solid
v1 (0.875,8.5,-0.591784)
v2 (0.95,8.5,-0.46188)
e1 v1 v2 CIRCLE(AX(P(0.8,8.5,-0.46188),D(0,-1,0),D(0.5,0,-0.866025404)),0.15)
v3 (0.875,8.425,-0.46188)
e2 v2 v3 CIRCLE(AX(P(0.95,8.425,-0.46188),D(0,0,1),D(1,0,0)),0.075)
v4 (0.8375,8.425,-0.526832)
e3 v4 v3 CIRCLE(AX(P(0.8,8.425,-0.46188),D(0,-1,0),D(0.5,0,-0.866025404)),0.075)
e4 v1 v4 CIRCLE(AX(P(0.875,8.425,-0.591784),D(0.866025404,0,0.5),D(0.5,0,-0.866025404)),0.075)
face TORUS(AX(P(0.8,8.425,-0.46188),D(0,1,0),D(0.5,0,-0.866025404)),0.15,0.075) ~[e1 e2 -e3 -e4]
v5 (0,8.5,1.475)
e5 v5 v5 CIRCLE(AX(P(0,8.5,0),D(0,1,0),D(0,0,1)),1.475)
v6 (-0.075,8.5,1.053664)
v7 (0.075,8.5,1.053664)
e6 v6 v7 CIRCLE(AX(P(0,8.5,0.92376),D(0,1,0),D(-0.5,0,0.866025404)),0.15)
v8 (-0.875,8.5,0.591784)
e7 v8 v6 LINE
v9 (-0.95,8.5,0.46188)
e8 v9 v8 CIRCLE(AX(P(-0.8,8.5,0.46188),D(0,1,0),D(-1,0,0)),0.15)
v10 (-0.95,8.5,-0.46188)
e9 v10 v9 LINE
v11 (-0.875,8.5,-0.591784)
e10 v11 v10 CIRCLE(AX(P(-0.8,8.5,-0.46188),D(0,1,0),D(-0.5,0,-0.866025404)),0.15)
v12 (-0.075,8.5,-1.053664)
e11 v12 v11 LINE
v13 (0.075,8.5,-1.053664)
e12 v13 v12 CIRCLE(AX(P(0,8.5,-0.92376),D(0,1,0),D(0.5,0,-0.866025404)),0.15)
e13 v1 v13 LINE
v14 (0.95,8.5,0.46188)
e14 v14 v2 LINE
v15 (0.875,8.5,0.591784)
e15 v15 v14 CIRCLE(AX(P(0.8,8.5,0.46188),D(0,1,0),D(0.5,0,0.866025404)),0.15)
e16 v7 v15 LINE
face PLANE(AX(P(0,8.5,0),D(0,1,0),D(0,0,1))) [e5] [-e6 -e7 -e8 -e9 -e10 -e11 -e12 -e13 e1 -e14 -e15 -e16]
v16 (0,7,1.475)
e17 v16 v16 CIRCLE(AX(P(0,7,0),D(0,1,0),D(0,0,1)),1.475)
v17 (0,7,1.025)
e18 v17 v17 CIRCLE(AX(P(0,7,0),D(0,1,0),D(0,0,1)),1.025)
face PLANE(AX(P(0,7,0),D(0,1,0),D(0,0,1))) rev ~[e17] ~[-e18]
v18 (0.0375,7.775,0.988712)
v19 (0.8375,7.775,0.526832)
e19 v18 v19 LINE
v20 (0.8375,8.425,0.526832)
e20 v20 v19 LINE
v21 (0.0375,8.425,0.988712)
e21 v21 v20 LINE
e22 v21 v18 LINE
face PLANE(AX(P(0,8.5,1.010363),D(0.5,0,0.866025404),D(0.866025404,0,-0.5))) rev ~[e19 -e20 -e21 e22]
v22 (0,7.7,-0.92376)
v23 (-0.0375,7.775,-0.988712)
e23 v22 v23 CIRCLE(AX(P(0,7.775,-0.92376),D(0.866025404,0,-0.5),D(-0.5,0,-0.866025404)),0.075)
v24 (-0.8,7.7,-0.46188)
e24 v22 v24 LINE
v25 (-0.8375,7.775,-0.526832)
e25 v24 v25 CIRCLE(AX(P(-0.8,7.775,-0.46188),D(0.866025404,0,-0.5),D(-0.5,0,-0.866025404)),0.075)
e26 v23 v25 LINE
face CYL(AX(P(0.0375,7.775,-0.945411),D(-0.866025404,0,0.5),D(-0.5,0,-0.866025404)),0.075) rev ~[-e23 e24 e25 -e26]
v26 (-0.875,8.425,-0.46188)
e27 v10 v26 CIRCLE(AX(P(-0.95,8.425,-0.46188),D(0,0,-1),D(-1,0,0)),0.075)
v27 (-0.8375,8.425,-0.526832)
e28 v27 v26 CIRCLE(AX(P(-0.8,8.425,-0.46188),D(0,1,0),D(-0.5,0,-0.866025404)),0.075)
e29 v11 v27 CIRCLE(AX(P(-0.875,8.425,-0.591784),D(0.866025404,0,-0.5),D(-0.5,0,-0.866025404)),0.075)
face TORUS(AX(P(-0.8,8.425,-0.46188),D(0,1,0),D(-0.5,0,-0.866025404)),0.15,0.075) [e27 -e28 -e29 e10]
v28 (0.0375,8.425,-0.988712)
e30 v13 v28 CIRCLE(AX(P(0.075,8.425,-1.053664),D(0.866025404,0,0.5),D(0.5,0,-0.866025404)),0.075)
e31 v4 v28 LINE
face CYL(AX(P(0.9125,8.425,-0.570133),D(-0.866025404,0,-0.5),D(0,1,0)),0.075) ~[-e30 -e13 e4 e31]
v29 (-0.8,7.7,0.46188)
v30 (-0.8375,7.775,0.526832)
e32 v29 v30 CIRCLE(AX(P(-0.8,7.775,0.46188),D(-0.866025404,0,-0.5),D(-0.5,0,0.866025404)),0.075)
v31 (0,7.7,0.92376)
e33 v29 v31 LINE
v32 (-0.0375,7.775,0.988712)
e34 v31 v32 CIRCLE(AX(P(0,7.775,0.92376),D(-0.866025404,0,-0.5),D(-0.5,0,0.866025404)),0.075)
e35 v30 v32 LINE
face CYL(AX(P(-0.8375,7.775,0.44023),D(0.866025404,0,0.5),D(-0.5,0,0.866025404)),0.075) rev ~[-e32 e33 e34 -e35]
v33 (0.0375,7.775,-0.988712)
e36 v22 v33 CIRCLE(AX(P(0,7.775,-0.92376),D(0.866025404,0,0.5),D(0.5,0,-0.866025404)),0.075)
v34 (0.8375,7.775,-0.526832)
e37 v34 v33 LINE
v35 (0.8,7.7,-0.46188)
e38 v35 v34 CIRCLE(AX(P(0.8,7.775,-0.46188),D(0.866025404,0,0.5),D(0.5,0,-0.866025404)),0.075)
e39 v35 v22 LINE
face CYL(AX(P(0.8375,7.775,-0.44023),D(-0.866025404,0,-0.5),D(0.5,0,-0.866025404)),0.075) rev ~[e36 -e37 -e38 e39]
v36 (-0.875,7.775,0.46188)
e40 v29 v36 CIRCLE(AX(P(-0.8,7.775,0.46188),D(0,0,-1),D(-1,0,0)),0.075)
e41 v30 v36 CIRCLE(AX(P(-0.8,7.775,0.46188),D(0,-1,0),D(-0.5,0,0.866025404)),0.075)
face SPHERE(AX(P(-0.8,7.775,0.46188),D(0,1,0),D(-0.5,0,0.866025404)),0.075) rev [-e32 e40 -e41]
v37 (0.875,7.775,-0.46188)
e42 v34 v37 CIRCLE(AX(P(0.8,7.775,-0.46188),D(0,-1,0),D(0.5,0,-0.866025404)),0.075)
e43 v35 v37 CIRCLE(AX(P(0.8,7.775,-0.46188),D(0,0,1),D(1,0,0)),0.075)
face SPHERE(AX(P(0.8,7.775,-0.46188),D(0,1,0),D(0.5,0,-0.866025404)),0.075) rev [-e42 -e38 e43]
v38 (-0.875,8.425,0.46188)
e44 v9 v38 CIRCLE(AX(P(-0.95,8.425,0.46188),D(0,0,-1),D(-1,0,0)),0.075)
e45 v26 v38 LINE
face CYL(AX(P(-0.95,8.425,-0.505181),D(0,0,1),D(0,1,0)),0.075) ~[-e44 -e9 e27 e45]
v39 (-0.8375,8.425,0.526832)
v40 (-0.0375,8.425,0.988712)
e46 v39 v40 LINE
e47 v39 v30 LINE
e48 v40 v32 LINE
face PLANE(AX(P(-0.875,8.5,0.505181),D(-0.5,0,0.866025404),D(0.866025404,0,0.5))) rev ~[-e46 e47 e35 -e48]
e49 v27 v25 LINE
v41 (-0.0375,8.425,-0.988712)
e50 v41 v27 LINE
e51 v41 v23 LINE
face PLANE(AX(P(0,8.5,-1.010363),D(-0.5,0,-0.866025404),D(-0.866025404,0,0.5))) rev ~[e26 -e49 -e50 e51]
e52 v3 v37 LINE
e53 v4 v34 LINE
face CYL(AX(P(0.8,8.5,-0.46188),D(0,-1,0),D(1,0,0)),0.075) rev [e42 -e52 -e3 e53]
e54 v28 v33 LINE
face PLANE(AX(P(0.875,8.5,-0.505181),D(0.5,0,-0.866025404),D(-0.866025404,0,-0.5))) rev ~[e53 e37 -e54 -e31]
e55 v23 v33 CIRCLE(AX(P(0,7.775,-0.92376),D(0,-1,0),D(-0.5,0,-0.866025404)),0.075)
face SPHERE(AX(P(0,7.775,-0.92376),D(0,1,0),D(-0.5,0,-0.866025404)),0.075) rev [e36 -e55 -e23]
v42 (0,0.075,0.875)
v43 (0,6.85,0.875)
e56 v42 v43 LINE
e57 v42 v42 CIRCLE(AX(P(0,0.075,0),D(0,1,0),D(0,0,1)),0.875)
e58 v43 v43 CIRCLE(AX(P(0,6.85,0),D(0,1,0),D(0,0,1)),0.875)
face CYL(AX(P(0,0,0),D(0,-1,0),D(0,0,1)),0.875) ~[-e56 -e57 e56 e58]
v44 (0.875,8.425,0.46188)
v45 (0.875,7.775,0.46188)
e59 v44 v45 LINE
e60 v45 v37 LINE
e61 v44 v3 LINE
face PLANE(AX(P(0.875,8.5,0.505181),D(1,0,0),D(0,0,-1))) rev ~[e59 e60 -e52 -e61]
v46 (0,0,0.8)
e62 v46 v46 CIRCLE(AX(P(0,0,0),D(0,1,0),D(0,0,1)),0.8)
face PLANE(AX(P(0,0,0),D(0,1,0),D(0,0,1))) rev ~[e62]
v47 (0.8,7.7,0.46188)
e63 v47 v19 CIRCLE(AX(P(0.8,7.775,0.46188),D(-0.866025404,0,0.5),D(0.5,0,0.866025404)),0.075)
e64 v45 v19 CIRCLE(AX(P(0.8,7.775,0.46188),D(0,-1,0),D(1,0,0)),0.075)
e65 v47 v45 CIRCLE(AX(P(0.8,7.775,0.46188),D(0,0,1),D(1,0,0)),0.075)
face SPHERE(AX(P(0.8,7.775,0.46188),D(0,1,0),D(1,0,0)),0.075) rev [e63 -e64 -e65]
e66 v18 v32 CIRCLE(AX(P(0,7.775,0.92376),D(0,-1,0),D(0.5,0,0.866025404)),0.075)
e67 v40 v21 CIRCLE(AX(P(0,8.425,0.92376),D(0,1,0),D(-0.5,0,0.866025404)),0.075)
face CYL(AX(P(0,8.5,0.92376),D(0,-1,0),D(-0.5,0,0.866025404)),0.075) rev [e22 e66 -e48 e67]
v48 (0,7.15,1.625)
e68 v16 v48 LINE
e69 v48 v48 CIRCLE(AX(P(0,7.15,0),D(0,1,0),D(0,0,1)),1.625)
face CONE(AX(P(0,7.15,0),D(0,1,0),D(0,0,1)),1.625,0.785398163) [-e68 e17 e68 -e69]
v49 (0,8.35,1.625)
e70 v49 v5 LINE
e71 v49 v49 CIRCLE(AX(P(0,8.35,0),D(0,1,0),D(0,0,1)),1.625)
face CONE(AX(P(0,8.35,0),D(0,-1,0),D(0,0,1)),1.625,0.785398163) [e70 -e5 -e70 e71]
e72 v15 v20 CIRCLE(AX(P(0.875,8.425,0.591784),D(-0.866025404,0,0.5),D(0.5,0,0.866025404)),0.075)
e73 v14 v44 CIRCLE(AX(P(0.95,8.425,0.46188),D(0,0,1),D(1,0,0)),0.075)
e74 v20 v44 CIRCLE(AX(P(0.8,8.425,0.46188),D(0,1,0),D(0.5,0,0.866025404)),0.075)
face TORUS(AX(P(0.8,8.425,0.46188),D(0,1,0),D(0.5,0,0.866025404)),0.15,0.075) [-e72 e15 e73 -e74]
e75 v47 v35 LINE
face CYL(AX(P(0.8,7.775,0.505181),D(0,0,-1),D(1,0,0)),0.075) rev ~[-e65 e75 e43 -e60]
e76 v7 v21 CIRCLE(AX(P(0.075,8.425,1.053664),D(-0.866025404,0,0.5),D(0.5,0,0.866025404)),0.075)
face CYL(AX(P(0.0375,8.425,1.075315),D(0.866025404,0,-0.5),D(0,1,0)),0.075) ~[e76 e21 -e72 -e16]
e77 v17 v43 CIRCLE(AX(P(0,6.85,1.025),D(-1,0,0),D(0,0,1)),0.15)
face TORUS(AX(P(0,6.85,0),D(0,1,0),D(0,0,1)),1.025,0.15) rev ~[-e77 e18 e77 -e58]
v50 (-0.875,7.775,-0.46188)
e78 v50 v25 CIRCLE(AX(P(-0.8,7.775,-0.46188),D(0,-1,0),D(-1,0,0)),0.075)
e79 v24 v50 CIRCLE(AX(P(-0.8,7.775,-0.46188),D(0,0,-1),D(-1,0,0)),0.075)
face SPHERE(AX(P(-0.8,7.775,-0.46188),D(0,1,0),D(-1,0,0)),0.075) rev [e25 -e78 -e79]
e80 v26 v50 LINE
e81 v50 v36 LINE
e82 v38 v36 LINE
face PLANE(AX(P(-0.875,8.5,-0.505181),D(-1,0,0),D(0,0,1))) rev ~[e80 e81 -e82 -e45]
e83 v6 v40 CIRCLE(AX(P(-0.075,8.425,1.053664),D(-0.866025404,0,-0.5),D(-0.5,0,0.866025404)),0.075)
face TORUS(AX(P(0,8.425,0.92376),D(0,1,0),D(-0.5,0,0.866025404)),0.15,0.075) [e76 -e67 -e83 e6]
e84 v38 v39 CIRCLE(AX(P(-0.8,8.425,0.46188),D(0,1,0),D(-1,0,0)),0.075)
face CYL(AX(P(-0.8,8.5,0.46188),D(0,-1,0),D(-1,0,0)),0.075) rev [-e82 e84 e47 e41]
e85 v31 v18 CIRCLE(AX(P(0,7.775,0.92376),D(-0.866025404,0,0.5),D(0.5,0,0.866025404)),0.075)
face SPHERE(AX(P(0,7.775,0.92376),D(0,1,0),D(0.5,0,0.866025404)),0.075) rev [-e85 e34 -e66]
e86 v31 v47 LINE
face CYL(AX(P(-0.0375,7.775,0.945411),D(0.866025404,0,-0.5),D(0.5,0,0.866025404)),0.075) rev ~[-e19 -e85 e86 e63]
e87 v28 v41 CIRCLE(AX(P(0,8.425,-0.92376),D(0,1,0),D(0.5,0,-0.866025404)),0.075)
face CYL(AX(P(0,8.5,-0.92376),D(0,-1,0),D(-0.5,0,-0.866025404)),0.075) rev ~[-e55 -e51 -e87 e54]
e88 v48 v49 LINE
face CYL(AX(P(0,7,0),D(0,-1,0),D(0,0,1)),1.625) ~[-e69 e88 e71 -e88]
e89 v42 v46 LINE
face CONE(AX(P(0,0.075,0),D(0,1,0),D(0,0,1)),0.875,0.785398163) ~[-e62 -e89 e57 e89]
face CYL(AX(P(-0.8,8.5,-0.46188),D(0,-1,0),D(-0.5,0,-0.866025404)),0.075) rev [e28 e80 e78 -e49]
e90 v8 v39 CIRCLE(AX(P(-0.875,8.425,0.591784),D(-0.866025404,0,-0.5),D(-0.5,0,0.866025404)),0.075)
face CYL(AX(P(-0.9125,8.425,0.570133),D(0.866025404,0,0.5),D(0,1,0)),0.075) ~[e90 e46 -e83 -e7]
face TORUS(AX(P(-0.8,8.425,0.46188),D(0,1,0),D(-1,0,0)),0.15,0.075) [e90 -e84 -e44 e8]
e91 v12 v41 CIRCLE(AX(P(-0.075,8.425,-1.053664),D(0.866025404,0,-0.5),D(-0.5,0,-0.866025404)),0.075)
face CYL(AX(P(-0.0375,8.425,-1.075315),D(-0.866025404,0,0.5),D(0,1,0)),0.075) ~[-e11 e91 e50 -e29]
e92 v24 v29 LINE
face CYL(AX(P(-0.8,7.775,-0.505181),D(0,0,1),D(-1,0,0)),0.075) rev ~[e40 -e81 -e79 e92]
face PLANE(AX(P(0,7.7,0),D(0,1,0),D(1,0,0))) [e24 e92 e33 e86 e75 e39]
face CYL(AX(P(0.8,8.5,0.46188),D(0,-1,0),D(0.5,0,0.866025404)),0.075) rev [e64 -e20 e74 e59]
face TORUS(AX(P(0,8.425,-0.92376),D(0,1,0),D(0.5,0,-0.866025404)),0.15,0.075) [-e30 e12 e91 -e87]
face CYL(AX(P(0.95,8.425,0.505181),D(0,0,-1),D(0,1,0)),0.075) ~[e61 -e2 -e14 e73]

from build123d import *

# Parameters (mm, degrees)
SKETCH1_R           = 0.875
BOSS_EXTRUDE1_DEPTH = 7
SKETCH2_R           = 1.625
BOSS_EXTRUDE2_DEPTH = 1.5
FILLET1_R           = 0.15
CHAMFER1_SIZE       = 0.15
CUT_EXTRUDE1_DEPTH  = 0.8
CHAMFER2_SIZE       = 0.075
FILLET2_R           = 0.075


with BuildPart() as part:
    # Sketch1 → Boss-Extrude1 (new body)
    with BuildSketch(Plane(origin=(0, 0, 0), x_dir=(1, 0, 0), z_dir=(0, 1, 0))):
        with Locations(Location((0, 0, 0), (0, 0, 270))):
            Circle(SKETCH1_R)
    extrude(amount=BOSS_EXTRUDE1_DEPTH)

    # Sketch2 → Boss-Extrude2 (add)
    with BuildSketch(Plane(origin=(0, 7, 0), x_dir=(1, 0, 0), z_dir=(0, 1, 0))):
        with Locations(Location((0, 0, 0), (0, 0, 270))):
            Circle(SKETCH2_R)
    extrude(amount=BOSS_EXTRUDE2_DEPTH)

    # Fillet1
    fillet1_edges = [part.edges().sort_by_distance(p)[0] for p in [
        (0, 7, -0.875),
    ]]
    fillet(fillet1_edges, radius=FILLET1_R)

    # Chamfer1
    chamfer1_edges = [part.edges().sort_by_distance(p)[0] for p in [
        (0, 7, -1.625),
        (0, 8.5, -1.625),
    ]]
    chamfer(chamfer1_edges, length=CHAMFER1_SIZE)

    # Sketch3 → Cut-Extrude1 (cut)
    with BuildSketch(Plane(origin=(0, 8.5, 0), x_dir=(1, 0, 0), z_dir=(0, 1, 0))):
        Polygon((0, 1.010362971), (-0.875, 0.505181486), (-0.875, -0.505181486), (0, -1.010362971), (0.875, -0.505181486), (0.875, 0.505181486), align=None)
    extrude(amount=-CUT_EXTRUDE1_DEPTH, mode=Mode.SUBTRACT)

    # Chamfer2
    chamfer2_edges = [part.edges().sort_by_distance(p)[0] for p in [
        (0, 0, -0.875),
    ]]
    chamfer(chamfer2_edges, length=CHAMFER2_SIZE)

    # Fillet2
    fillet2_edges = [part.edges().sort_by_distance(p)[0] for p in [
        (0.4375, 7.7, -0.757772228),
        (0, 8.1, -1.010362971),
        (0.875, 7.7, 0),
        (0.875, 8.1, -0.505181486),
        (0.4375, 7.7, 0.757772228),
        (0.875, 8.1, 0.505181486),
        (-0.4375, 7.7, 0.757772228),
        (0, 8.1, 1.010362971),
        (-0.875, 7.7, 0),
        (-0.875, 8.1, 0.505181486),
        (-0.4375, 7.7, -0.757772228),
        (-0.875, 8.1, -0.505181486),
        (0.4375, 8.5, -0.757772228),
        (-0.4375, 8.5, -0.757772228),
        (-0.875, 8.5, 0),
        (-0.4375, 8.5, 0.757772228),
        (0.4375, 8.5, 0.757772228),
        (0.875, 8.5, 0),
    ]]
    fillet(fillet2_edges, radius=FILLET2_R)


solid = part.part
